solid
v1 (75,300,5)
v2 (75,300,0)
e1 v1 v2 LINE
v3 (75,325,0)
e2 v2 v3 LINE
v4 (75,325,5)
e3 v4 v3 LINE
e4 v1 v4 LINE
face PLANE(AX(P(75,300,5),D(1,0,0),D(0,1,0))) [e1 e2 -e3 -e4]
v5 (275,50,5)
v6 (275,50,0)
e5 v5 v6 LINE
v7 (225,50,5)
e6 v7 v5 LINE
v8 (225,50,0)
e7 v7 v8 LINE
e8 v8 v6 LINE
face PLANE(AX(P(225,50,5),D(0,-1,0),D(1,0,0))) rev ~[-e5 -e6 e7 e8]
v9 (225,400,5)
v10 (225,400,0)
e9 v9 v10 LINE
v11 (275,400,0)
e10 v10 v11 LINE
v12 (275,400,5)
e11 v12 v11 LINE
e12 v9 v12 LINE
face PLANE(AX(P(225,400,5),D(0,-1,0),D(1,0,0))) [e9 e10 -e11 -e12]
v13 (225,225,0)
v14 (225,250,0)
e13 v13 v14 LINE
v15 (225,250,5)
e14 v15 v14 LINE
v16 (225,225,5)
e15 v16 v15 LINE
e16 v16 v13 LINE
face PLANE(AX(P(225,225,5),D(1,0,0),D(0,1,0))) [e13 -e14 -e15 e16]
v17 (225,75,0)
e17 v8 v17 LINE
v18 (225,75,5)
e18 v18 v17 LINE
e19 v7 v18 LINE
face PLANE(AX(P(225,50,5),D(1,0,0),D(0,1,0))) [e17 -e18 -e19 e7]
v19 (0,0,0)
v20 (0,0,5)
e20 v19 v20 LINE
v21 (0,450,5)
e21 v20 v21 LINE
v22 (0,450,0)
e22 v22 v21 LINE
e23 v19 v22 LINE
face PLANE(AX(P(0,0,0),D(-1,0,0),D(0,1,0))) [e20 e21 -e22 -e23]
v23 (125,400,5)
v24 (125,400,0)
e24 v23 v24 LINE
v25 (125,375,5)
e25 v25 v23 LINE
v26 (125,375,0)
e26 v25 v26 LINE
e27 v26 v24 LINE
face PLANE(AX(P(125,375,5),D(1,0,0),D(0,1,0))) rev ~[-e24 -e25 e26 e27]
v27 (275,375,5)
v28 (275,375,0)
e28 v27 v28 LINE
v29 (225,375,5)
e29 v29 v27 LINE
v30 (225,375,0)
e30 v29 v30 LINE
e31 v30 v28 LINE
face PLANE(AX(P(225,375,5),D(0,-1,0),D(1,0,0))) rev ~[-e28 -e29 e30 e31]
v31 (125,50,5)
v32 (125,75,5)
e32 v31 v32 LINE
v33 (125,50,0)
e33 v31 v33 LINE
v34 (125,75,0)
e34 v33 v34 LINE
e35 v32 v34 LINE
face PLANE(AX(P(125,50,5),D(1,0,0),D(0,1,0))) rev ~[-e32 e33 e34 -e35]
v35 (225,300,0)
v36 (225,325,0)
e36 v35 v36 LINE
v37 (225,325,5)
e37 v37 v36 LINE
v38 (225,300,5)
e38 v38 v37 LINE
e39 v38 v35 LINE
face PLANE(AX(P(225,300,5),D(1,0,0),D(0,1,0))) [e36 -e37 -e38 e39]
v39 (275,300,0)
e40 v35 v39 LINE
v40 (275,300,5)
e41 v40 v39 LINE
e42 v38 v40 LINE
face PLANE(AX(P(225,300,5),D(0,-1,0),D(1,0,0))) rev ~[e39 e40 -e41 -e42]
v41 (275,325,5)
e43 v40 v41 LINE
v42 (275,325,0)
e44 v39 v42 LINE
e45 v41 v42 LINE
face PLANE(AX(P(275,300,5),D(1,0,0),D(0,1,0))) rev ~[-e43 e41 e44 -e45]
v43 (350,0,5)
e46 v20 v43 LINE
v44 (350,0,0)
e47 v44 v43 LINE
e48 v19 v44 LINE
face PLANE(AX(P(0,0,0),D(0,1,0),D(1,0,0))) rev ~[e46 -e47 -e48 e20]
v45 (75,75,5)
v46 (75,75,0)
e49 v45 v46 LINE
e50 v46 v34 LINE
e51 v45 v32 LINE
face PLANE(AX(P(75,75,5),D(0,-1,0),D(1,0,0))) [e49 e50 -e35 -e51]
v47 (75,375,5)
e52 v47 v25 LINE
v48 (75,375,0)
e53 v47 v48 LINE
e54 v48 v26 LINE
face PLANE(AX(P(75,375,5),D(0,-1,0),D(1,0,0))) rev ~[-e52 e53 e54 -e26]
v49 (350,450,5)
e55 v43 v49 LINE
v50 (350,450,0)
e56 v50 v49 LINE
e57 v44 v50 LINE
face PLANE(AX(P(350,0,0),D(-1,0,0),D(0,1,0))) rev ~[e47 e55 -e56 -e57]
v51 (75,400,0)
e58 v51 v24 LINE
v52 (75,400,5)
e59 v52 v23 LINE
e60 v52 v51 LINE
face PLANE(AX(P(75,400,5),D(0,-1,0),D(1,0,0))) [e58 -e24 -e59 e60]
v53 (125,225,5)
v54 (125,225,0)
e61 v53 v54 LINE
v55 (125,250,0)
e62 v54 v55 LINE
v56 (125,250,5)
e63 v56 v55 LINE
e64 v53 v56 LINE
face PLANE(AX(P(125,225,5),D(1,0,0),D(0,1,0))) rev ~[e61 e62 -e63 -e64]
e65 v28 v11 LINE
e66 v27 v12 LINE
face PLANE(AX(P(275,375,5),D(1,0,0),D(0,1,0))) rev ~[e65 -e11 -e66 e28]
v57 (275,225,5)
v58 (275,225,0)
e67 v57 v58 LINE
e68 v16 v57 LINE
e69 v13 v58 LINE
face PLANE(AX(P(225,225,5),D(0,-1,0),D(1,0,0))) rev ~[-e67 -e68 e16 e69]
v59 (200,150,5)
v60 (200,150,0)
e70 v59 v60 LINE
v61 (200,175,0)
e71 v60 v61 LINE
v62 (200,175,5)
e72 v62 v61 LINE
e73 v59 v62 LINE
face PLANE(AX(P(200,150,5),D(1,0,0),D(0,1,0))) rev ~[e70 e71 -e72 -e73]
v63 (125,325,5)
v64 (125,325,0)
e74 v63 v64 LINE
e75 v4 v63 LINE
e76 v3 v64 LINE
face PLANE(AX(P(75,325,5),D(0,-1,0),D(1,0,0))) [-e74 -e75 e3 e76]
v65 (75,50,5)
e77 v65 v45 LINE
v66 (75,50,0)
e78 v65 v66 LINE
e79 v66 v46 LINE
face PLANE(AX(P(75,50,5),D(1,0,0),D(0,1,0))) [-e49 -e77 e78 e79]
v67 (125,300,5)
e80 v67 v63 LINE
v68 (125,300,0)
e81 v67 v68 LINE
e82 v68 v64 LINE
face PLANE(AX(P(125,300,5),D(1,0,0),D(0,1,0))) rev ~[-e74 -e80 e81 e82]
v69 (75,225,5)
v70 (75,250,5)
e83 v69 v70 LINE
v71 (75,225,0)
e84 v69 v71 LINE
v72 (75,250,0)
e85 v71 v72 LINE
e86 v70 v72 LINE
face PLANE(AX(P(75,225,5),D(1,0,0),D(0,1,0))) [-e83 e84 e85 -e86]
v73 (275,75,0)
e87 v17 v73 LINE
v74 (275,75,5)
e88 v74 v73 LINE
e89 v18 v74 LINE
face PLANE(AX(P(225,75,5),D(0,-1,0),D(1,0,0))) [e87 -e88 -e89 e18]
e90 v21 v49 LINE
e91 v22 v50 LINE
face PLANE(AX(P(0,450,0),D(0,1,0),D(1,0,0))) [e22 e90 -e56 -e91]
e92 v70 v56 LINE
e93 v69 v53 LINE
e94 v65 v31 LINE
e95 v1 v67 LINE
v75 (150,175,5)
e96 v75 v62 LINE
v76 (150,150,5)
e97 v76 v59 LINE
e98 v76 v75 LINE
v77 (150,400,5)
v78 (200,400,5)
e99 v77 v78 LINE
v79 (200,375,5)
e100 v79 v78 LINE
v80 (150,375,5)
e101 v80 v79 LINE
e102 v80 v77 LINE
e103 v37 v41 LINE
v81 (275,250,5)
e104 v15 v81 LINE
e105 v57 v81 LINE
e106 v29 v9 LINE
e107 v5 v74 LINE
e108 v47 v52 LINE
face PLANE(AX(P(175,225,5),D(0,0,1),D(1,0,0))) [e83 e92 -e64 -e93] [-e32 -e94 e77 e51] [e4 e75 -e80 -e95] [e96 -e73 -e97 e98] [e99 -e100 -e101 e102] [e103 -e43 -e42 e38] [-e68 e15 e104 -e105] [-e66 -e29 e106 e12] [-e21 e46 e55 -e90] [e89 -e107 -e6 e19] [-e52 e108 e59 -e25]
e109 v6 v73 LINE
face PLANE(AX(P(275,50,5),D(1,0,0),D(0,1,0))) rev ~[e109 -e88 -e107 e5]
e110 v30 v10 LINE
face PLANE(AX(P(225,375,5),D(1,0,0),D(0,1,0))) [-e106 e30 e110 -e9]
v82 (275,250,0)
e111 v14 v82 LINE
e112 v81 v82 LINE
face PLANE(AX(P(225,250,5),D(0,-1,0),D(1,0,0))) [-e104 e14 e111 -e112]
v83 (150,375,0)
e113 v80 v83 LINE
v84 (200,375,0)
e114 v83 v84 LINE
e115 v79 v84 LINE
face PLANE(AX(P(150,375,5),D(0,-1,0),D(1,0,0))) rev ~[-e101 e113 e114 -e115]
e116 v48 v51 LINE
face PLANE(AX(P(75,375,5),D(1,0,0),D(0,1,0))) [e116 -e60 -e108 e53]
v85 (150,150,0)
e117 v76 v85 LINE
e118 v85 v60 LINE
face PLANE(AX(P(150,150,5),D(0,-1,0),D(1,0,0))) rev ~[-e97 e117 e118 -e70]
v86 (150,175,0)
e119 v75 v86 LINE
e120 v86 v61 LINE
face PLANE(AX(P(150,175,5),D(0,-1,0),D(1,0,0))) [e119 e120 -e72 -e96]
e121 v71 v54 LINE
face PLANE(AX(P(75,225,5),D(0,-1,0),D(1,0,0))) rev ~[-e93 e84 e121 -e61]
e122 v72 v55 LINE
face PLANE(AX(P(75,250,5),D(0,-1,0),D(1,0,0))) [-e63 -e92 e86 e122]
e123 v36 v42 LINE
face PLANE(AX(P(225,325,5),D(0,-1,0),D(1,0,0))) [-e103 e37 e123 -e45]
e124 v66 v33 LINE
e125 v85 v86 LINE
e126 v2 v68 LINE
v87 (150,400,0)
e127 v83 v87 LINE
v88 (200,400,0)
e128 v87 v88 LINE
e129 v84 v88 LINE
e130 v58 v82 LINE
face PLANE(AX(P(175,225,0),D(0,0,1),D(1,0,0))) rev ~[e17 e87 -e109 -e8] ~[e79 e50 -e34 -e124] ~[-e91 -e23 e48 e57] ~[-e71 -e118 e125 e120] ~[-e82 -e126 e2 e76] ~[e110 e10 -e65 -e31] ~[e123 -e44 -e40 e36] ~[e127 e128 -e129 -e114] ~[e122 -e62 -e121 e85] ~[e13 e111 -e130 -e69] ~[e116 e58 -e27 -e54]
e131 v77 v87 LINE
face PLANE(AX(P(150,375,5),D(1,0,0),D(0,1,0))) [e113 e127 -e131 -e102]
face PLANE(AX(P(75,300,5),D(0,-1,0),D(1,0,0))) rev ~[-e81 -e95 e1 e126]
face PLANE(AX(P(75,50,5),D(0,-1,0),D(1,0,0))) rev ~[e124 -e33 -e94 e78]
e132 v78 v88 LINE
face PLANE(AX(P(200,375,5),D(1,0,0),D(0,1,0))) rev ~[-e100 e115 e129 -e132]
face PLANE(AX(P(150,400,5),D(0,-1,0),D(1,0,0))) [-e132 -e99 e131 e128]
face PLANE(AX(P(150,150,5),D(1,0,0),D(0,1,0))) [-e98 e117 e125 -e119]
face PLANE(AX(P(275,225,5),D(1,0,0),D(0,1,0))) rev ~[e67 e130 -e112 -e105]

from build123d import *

# Parameters (mm, degrees)
SKETCH1_W           = 350
SKETCH1_H           = 450
BOSS_EXTRUDE1_DEPTH = 5
SKETCH2_W           = 50
SKETCH2_H           = 25
CUT_EXTRUDE1_DEPTH  = 571.109638578


with BuildPart() as part:
    # Sketch1 → Boss-Extrude1 (new body)
    with BuildSketch(Plane.XY):
        with Locations((175, 225)):
            Rectangle(SKETCH1_W, SKETCH1_H)
    extrude(amount=BOSS_EXTRUDE1_DEPTH)

    # Sketch2 → Cut-Extrude1 (cut, through all)
    with BuildSketch(Plane.XY.offset(5)):
        with Locations((100, 387.5)):
            Rectangle(SKETCH2_W, SKETCH2_H)
    cut_extrude1 = extrude(amount=-CUT_EXTRUDE1_DEPTH, mode=Mode.SUBTRACT)

    # Sketch-Pattern1: Cut-Extrude1 at 9 more places
    with Locations((75, 0, 0), (150, 0, 0), (0, -75, 0), (0, -150, 0), (0, -325, 0), (150, -75, 0), (150, -150, 0), (75, -225, 0), (150, -325, 0)):
        add(cut_extrude1, mode=Mode.SUBTRACT)


solid = part.part
